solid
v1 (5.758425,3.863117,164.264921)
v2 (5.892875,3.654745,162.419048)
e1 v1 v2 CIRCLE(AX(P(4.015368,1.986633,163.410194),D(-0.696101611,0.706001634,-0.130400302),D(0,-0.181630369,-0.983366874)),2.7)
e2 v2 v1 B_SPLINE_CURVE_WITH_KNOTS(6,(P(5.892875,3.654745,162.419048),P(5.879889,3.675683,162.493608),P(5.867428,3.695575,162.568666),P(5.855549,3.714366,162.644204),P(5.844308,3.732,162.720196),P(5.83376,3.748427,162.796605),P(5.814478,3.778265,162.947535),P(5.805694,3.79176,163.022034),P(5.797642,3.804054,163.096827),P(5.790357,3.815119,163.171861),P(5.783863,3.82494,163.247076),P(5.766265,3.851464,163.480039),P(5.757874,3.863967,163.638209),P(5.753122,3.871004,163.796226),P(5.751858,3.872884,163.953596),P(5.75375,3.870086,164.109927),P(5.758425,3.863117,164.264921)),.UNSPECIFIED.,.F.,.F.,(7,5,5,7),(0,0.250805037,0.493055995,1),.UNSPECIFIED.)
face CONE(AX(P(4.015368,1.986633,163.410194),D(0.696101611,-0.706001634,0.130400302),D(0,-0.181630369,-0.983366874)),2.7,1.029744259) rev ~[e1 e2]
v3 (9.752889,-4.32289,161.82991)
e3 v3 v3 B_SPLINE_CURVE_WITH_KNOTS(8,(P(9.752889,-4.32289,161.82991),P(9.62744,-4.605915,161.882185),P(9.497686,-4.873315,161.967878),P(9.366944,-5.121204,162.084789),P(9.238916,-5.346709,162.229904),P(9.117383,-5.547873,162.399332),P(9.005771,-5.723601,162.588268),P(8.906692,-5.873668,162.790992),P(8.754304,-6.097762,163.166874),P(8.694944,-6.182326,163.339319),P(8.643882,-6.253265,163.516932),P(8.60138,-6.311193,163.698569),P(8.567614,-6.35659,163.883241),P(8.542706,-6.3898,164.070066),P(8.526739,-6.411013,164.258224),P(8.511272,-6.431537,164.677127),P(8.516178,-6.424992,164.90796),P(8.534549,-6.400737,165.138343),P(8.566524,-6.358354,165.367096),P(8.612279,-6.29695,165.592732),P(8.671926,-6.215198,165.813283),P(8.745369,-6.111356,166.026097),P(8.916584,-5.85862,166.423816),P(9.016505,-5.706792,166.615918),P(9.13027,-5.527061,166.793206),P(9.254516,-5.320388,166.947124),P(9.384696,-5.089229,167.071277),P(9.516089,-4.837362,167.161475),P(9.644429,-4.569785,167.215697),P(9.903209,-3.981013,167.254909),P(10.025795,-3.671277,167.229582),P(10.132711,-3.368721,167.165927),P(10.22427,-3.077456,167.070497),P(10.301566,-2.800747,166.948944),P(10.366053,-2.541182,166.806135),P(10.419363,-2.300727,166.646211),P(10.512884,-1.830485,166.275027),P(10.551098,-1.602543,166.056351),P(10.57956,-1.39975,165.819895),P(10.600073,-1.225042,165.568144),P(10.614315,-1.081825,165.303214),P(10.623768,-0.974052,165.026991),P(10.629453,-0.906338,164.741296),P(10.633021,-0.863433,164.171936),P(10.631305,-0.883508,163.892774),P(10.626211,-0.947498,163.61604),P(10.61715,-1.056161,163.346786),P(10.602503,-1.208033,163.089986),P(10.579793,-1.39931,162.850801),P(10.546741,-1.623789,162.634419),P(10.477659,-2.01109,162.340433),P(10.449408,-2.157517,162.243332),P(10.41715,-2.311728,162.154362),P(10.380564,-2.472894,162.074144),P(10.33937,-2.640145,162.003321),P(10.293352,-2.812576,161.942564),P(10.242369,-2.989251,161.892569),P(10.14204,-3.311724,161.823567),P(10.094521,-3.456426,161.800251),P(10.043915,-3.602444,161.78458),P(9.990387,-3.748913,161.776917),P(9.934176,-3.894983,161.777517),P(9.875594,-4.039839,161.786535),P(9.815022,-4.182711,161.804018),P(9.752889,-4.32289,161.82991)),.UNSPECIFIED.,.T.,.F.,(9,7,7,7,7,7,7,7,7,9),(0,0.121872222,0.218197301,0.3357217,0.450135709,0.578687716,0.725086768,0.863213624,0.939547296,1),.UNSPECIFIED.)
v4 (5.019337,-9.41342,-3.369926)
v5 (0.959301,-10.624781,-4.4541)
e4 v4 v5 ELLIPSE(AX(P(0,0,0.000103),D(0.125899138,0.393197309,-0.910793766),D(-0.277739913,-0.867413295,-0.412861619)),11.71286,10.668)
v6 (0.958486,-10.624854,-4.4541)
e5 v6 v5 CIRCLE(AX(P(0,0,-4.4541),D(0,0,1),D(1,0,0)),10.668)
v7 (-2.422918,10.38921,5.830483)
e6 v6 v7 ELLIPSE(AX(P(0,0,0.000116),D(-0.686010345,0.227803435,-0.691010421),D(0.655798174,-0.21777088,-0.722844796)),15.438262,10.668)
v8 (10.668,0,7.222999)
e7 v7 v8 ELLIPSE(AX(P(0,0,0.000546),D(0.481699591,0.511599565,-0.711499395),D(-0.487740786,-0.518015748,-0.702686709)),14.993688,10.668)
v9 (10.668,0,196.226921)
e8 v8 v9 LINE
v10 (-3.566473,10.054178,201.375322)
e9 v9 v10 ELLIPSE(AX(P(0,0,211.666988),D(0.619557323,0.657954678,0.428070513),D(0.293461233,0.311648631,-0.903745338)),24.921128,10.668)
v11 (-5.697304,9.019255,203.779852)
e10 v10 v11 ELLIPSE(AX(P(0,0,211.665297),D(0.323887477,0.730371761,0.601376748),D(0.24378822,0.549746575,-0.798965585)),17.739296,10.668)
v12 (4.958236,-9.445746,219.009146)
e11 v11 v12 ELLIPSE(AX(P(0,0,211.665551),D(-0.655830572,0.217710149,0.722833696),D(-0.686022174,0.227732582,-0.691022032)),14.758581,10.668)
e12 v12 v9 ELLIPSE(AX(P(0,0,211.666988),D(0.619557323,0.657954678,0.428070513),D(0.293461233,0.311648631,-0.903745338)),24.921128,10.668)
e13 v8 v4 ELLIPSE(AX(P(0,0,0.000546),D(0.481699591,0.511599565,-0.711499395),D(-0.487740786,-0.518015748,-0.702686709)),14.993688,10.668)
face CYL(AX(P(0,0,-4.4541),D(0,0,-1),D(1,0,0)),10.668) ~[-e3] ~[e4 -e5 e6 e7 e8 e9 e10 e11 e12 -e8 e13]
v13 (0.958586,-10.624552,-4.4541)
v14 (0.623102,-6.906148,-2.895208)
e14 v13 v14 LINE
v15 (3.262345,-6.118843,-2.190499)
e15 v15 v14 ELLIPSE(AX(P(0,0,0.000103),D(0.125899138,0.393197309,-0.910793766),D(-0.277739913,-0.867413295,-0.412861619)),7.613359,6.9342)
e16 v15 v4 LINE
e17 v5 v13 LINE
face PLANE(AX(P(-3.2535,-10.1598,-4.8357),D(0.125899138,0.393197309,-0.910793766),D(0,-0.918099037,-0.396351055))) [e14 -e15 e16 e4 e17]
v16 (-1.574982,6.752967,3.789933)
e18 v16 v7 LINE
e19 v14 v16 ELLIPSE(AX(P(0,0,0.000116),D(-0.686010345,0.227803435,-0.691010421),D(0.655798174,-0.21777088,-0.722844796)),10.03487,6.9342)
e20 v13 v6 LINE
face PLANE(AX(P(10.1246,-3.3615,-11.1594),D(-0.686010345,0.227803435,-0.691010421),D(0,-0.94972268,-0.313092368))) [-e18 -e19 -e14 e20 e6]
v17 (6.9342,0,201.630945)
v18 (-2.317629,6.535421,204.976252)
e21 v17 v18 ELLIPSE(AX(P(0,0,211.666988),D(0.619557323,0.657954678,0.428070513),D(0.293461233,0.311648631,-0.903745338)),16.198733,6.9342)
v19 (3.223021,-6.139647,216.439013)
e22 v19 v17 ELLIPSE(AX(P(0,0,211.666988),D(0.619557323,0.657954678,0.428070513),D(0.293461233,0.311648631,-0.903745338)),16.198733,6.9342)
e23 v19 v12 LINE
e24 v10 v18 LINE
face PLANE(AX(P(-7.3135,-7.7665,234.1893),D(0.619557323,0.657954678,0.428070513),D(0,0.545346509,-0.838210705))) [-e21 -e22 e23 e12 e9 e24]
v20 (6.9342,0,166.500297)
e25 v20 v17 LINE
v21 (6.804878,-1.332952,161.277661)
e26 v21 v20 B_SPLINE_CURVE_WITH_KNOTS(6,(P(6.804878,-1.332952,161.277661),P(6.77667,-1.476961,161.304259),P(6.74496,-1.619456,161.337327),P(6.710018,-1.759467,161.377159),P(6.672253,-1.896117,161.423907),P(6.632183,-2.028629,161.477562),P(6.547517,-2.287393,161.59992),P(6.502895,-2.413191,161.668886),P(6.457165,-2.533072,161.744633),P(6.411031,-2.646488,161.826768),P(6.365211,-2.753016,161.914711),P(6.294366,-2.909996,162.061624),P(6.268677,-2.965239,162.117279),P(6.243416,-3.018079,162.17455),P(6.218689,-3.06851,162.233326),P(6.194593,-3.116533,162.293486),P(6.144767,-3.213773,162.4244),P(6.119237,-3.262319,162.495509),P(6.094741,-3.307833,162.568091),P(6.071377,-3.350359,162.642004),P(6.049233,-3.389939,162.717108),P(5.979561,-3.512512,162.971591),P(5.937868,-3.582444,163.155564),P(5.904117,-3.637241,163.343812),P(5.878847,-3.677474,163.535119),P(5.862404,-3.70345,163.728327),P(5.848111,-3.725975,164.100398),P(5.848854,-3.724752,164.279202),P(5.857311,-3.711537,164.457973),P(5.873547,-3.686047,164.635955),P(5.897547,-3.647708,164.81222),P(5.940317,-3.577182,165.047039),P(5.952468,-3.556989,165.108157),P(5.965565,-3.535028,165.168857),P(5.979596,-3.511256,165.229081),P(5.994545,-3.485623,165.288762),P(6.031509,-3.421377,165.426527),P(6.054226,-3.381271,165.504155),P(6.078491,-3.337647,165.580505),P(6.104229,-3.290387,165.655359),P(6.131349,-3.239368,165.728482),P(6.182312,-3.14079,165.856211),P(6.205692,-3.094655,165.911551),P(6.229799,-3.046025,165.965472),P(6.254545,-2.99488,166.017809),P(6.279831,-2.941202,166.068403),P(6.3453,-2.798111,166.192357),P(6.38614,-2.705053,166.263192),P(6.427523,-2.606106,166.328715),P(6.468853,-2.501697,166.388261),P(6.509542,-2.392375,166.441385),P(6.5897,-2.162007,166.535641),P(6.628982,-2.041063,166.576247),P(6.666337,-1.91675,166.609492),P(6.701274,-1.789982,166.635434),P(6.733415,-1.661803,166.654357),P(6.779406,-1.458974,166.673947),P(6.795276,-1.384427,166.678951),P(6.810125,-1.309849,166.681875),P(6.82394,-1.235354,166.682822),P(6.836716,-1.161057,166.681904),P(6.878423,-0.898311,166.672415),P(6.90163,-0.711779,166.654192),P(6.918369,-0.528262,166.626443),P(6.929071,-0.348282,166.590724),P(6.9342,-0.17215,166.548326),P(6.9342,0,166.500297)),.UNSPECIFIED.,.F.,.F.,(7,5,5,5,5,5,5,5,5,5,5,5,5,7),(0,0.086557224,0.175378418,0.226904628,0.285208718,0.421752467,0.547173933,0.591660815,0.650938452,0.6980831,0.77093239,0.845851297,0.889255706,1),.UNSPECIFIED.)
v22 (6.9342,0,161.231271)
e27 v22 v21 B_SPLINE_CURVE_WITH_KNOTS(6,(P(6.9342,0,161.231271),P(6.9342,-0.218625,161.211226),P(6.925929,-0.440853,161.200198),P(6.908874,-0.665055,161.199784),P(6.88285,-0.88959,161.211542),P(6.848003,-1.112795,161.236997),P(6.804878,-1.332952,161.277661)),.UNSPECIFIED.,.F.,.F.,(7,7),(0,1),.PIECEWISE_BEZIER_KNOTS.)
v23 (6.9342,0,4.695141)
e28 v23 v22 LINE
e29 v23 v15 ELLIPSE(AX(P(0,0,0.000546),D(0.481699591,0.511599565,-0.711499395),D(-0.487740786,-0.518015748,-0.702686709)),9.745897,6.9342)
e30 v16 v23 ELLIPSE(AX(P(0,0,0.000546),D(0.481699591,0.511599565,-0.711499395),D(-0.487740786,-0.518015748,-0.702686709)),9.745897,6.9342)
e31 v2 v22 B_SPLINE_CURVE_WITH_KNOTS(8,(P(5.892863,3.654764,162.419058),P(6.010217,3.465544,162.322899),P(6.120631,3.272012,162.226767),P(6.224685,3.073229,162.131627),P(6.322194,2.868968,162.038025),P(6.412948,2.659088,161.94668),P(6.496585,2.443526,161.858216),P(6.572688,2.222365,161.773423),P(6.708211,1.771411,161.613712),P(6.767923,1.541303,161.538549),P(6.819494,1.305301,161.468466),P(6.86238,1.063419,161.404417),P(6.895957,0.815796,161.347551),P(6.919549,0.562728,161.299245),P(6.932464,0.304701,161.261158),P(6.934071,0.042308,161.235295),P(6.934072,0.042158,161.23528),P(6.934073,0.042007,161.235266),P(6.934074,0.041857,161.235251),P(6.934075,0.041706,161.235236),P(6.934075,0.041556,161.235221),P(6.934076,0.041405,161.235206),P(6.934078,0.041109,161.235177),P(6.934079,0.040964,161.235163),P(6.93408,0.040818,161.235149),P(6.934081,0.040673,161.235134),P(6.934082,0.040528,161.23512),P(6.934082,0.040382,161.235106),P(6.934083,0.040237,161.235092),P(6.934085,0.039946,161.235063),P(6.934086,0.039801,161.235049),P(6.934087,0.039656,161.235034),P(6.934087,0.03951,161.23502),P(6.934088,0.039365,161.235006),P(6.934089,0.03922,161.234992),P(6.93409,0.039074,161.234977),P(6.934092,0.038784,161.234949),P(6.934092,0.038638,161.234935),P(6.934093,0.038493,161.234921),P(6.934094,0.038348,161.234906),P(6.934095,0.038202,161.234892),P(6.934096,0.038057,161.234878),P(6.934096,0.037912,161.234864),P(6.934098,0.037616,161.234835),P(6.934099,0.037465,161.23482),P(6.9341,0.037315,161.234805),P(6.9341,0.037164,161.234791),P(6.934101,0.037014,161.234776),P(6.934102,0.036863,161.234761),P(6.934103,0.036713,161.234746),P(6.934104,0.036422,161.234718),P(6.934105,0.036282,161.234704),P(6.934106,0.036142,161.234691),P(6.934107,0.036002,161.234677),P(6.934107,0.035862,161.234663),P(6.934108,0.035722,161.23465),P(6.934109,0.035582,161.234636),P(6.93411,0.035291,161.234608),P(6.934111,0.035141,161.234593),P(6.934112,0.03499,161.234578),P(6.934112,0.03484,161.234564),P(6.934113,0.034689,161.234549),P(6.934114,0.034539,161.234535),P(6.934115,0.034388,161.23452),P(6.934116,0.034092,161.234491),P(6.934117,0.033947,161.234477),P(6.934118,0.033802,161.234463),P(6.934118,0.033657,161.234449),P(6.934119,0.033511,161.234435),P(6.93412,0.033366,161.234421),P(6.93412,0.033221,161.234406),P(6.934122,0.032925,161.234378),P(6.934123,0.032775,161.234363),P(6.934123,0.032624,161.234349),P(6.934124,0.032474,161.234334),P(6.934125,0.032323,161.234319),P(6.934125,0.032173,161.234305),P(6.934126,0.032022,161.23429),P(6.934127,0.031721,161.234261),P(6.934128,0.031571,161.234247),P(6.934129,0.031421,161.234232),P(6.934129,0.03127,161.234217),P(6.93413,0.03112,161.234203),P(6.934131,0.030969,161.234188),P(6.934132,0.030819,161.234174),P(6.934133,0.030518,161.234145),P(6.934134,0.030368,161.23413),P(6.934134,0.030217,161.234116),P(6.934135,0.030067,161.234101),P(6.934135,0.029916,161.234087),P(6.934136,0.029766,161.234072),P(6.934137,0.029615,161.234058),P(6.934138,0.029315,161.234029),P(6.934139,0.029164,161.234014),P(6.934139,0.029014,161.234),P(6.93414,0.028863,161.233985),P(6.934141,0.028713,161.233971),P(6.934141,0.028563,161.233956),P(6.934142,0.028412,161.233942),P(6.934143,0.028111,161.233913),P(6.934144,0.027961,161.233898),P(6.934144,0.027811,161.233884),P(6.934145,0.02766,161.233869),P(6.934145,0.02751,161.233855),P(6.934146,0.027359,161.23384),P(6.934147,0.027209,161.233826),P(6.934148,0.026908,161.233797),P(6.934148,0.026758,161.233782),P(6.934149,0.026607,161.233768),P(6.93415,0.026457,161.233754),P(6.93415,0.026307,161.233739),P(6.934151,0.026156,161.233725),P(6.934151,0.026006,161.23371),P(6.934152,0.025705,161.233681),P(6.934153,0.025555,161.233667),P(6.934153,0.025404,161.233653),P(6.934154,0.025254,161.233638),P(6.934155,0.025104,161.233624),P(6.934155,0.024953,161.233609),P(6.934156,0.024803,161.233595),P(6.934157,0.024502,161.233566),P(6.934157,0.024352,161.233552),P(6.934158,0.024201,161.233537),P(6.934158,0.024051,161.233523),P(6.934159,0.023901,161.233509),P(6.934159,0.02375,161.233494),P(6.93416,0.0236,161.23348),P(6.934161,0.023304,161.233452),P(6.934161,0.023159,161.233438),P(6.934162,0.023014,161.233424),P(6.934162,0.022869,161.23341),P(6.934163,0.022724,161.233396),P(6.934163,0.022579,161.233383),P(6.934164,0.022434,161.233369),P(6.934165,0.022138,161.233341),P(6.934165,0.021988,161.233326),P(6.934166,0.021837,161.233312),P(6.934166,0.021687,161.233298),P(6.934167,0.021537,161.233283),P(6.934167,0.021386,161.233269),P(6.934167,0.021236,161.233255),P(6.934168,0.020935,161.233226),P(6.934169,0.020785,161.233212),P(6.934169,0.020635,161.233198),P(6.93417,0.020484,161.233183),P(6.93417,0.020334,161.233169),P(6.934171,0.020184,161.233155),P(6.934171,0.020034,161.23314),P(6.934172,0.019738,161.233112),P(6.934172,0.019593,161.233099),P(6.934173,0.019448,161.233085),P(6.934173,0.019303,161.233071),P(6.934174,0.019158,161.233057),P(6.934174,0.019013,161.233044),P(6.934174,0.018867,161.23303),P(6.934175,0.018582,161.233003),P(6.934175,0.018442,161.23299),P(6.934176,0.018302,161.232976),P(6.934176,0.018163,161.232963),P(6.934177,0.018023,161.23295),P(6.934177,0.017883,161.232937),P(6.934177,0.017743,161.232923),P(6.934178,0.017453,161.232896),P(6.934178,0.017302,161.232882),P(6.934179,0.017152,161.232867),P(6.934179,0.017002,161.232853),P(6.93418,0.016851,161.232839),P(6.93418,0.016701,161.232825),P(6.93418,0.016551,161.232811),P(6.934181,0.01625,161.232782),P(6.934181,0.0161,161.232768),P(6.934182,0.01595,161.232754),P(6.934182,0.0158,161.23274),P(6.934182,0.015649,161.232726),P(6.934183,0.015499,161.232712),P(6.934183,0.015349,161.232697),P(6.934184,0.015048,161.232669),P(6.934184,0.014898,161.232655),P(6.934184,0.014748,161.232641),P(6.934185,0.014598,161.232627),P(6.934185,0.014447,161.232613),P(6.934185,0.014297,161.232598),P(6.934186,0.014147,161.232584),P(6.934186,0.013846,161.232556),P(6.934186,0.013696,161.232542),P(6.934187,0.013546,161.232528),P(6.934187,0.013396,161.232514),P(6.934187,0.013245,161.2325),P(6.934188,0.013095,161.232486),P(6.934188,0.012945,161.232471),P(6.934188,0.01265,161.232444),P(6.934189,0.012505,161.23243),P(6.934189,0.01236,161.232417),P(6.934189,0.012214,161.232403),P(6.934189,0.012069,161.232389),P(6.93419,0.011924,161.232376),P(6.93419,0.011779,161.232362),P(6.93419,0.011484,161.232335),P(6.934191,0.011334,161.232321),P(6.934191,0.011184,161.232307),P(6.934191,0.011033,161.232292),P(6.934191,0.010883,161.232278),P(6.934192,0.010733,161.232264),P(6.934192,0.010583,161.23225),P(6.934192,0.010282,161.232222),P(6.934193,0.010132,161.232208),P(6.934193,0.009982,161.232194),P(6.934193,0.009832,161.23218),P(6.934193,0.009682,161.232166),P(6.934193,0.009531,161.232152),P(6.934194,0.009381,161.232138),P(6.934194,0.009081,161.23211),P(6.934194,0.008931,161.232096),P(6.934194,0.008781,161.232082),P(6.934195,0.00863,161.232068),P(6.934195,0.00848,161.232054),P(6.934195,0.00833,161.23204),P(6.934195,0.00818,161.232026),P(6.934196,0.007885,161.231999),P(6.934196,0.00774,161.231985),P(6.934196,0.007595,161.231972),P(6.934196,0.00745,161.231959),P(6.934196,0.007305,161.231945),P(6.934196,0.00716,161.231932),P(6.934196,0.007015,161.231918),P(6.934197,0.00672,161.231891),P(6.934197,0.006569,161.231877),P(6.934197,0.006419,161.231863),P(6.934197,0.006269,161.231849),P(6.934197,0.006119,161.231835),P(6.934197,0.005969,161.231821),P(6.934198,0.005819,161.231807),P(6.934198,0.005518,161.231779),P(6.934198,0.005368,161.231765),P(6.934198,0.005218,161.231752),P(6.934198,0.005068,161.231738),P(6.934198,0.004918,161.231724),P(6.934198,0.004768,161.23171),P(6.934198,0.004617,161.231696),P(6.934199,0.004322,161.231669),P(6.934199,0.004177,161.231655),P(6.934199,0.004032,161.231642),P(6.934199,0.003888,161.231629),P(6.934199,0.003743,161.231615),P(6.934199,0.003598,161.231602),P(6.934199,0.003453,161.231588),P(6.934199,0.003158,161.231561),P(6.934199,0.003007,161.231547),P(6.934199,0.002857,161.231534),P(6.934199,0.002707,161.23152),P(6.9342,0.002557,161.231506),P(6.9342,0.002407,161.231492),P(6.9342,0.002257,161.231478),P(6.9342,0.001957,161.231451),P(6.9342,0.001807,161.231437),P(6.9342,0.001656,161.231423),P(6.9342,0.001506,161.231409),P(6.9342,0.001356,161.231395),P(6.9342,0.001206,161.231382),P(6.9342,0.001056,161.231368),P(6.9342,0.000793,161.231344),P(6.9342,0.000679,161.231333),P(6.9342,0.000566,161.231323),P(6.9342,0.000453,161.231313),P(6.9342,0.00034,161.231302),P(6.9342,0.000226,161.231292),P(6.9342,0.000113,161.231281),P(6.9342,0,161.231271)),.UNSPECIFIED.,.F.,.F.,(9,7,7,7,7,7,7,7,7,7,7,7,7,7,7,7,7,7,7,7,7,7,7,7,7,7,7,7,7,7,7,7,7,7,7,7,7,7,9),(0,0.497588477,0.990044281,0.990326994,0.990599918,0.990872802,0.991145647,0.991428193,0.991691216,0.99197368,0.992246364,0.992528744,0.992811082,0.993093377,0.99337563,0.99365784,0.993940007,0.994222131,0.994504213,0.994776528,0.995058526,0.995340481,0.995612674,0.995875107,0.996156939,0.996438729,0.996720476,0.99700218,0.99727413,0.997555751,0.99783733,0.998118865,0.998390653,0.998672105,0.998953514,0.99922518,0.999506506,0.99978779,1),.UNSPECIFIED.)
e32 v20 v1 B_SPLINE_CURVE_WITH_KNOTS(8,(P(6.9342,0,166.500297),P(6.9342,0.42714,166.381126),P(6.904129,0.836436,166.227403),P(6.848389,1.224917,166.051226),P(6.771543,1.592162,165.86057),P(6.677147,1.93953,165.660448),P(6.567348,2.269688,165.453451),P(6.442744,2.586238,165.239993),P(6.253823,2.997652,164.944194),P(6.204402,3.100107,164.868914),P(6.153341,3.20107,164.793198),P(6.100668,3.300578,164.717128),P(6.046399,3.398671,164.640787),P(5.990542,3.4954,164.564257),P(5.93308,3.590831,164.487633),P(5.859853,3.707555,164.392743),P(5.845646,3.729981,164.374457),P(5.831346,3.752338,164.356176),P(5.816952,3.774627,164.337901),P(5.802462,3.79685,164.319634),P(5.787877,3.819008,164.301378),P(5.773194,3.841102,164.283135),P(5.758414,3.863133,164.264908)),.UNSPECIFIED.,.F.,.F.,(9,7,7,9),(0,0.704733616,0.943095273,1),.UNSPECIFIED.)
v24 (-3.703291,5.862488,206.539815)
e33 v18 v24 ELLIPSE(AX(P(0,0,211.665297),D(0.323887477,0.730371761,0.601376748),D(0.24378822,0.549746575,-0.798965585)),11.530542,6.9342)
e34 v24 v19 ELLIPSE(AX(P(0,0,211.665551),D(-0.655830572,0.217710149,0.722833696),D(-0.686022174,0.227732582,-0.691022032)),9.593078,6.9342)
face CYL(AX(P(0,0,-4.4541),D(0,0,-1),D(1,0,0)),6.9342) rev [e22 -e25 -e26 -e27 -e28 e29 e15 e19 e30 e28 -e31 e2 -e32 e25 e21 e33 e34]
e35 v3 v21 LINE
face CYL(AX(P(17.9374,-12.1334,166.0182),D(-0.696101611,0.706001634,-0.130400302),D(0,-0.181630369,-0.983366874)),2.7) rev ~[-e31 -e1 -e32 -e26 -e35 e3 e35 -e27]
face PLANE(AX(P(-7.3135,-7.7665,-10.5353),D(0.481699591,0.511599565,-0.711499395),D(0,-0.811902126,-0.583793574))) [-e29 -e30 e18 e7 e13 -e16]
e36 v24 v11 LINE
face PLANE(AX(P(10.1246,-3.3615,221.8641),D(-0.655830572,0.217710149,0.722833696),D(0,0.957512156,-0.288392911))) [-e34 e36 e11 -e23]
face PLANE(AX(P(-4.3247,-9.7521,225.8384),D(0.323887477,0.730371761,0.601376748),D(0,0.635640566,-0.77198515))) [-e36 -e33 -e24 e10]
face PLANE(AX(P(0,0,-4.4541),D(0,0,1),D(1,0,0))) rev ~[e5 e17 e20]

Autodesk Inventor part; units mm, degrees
ref_plane "Start Plane" through (0, 0, -4.4541) normal (0, 0, 1) x (1, 0, 0)
ref_plane "End Plane" through (0, 0, 219.0092) normal (0, 0, 1) x (1, 0, 0)
sketch "Sketch" plane through (0, 0, 0) normal (0, 0, 1) x (1, 0, 0)
  circle A0 centre (0, 0) radius 6.9342
  circle A1 centre (0, 0) radius 10.668
  dimension "d0" = 21.336
  dimension "d1" = 3.7338
extrude "Body" add sketch "Sketch" along normal up to surface (223.4633 mm away) from surface at -4.4541
sketch "Sketch3" plane through (0, 0, 0) normal (0, 0, 1) x (1, 0, 0)
  line L0 (0, 0) -> (10, 0)
ref_plane "Work Plane3" through (0, 0, 0) normal (0, -1, 0) x (1, 0, 0)
sketch "Sketch4" plane through (0, 0, 0) normal (0, -1, 0) x (1, 0, 0)
  line L0 (-2, -4.4541) -> (12, -4.4541)
  line L1 (-2, 219.0092) -> (12, 219.0092)
  dimension "d7" = 223.4633
ref_plane "Work Plane4" through (-3.2535, -10.1598, -4.8357) normal (0.1259, 0.3932, -0.9108) x (0.8223, -0.555, -0.1259)
split "Split1" plane through (-3.2535, -10.1598, -4.8357) removes the side toward (0.1259, 0.3932, -0.9108)
ref_plane "Work Plane5" through (-7.3135, -7.7665, -10.5353) normal (0.4817, 0.5116, -0.7115) x (0.1956, -0.8542, -0.4817)
split "Split2" plane through (-7.3135, -7.7665, -10.5353) removes the side toward (0.4817, 0.5116, -0.7115)
ref_plane "Work Plane6" through (10.1246, -3.3615, -11.1594) normal (-0.686, 0.2278, -0.691) x (-0.5231, 0.5057, 0.686)
split "Split3" plane through (10.1246, -3.3615, -11.1594) removes the side toward (-0.686, 0.2278, -0.691)
ref_plane "Work Plane7" through (-7.3135, -7.7665, 234.1893) normal (0.6196, 0.658, 0.4281) x (0.7312, -0.2855, -0.6196)
split "Split4" plane through (-7.3135, -7.7665, 234.1893) removes the side toward (0.6196, 0.658, 0.4281)
ref_plane "Work Plane8" through (10.1246, -3.3615, 221.8641) normal (-0.6558, 0.2177, 0.7228) x (0.7504, 0.0829, 0.6558)
split "Split5" plane through (10.1246, -3.3615, 221.8641) removes the side toward (-0.6558, 0.2177, 0.7228)
ref_plane "Work Plane9" through (-4.3247, -9.7521, 225.8384) normal (0.3239, 0.7304, 0.6014) x (0.9345, -0.1477, -0.3239)
split "Split6" plane through (-4.3247, -9.7521, 225.8384) removes the side toward (0.3239, 0.7304, 0.6014)
ref_plane "Work Plane10" through (62.1464, 22.3578, 116.7404) normal (0.6961, -0.706, 0.1304) x (0.3669, 0.506, 0.7806)
sketch "Sketch5" plane through (62.1464, 22.3578, 116.7404) normal (0.6961, -0.706, 0.1304) x (0.3669, 0.506, 0.7806)
  circle A0 centre (4.7916, 74.4945) radius 4 projected
  point P0 (-125.244, -21.9347)
hole "Hole1" at (17.9374, -12.1334, 166.0182) direction (-0.6961, 0.706, -0.1304) diameter 5.4 depth 20 tip angle 118
equation "\"d0\" = G_H"
equation "\"d1\" = G_T"
equation "\"d2\" = G_L"
equation "\"G_H\" = 21.336"
equation "\"G_T\" = 3.7338"
equation "\"G_L\" = 223.46334"
equation "\"G_OFFSET_START\" = 4.45413"
equation "\"G_OFFSET_END\" = 7.34335"
equation "\"d4\" = -G_OFFSET_START"
equation "\"d5\" = G_OFFSET_END + B_L"
equation "\"B_L\" = 211.66586"
properties part number "ANSI - 1/2 x 0.147 - 8.798" material "Steel, Mild"
